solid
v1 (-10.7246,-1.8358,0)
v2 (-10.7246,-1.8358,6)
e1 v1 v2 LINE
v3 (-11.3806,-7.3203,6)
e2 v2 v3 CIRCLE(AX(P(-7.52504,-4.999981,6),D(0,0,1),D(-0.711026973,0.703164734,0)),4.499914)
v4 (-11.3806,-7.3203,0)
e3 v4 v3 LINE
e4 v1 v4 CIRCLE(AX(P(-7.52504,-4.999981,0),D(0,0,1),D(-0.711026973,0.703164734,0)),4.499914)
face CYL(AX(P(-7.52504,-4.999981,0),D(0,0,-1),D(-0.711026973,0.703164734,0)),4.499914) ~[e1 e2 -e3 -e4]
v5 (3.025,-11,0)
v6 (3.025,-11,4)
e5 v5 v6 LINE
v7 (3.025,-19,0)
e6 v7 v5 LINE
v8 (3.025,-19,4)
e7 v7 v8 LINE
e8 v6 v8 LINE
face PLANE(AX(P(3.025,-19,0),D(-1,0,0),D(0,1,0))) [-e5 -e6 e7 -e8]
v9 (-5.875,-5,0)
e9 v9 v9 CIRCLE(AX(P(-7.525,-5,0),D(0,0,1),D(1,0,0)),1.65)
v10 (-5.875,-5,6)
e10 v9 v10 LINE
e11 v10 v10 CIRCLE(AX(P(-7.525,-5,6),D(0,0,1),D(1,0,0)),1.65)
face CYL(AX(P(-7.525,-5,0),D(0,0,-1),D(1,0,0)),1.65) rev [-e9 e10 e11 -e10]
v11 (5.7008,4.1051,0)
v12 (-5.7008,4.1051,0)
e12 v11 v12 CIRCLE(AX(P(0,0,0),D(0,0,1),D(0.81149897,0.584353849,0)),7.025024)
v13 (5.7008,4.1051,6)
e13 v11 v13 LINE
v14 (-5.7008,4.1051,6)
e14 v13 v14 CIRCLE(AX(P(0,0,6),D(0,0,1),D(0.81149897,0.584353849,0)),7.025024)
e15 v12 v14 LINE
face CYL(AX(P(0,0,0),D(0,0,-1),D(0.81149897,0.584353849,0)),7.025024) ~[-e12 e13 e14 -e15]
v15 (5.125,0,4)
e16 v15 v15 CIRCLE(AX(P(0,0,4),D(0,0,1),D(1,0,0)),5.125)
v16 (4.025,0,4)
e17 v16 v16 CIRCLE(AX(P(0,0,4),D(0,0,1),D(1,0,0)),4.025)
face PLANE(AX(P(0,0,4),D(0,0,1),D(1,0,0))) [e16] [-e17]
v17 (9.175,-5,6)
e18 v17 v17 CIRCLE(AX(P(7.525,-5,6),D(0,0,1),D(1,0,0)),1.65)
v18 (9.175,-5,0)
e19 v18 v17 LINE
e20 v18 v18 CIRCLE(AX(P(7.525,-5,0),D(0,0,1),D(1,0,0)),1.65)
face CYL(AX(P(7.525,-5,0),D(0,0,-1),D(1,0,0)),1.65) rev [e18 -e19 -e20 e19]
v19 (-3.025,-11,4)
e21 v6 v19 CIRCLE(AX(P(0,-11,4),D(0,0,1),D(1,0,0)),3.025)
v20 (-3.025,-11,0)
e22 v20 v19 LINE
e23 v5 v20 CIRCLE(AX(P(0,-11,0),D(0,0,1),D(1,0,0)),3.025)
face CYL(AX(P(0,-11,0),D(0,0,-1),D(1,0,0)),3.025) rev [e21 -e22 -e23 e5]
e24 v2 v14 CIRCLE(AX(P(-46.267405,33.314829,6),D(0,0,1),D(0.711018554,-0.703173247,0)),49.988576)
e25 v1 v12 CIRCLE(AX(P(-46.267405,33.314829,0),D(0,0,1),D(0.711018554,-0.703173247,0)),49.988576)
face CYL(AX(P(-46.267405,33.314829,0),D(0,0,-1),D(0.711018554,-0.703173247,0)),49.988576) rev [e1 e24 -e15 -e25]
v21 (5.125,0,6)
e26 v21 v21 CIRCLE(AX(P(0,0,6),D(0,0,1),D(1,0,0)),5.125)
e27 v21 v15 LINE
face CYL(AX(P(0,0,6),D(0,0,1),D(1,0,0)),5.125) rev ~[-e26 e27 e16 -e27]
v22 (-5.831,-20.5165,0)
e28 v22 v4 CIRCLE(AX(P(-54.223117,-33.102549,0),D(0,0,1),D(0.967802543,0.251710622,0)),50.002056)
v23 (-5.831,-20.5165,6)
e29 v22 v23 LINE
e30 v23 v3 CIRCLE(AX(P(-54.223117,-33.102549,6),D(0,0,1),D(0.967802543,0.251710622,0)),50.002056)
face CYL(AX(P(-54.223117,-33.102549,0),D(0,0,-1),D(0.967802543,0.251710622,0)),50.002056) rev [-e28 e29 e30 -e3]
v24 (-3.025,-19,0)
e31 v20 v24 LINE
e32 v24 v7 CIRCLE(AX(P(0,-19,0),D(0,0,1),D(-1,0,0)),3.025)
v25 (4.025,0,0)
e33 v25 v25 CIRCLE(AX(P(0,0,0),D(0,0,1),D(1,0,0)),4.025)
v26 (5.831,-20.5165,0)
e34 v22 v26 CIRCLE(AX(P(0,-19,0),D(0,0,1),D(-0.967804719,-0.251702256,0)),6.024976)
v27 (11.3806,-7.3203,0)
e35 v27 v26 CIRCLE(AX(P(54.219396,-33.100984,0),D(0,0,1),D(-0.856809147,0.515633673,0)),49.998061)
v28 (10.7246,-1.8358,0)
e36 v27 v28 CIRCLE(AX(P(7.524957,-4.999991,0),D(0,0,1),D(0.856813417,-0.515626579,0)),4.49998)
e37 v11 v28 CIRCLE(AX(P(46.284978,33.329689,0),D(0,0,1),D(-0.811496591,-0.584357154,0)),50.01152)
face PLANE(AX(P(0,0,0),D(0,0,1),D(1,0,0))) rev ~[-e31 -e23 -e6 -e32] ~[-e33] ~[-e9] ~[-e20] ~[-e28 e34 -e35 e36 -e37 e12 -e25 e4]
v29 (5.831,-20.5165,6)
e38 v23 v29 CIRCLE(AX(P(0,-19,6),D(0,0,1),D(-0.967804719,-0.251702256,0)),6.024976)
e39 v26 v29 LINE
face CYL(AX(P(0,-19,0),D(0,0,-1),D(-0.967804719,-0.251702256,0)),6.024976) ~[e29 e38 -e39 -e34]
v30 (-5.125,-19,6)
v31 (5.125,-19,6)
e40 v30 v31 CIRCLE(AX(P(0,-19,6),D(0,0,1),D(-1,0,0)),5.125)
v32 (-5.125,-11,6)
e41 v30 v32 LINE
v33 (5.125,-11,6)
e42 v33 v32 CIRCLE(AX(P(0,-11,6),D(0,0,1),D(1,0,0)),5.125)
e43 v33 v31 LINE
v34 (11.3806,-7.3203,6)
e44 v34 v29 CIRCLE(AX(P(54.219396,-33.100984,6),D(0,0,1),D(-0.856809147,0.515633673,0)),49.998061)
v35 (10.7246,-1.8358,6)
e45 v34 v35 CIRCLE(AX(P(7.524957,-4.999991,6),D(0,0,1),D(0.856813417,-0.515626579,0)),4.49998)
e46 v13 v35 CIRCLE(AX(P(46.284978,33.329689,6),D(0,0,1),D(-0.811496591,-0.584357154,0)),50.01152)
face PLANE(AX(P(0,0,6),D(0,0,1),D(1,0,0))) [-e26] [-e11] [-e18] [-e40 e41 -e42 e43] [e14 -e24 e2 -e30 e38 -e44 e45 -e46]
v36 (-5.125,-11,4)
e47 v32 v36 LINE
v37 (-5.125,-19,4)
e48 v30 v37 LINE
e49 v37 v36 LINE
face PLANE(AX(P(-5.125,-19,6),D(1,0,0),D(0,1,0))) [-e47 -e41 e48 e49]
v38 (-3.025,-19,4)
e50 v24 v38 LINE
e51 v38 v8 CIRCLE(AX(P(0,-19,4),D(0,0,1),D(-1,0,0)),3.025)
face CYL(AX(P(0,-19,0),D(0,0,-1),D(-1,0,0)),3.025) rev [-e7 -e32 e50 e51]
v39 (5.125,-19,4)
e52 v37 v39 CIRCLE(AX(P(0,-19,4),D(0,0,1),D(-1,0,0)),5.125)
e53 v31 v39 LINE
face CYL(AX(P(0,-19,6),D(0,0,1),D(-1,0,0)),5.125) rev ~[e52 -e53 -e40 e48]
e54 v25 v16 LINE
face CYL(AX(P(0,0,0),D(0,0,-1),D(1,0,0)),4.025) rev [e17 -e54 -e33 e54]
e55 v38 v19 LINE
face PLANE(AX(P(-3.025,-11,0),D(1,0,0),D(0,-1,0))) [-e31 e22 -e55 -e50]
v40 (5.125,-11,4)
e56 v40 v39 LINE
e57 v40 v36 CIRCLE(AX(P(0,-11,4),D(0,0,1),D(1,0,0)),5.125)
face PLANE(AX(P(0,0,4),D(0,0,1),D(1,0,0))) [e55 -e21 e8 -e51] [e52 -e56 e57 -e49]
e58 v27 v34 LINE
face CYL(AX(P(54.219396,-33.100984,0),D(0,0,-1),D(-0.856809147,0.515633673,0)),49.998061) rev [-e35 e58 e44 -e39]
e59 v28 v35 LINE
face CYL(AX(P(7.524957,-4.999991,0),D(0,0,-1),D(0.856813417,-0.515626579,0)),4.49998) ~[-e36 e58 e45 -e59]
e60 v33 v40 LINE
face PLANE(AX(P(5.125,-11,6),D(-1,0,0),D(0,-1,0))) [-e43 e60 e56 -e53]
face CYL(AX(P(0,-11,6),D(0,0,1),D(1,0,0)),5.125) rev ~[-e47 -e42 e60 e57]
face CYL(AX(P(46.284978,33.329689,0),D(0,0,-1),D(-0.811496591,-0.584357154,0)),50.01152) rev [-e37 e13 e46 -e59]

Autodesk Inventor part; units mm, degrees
ref_plane "YZ Plane" through (0, 0, 0) normal (1, 0, 0) x (0, 1, 0)
ref_plane "XZ Plane" through (0, 0, 0) normal (0, 1, 0) x (-1, 0, 0)
ref_plane "XY Plane" through (0, 0, 0) normal (0, 0, 1) x (1, 0, 0)
sketch "スケッチ1" plane through (0, 0, 0) normal (0, 0, 1) x (1, 0, 0)
  circle A0 centre (0, 0) radius 4.025
  arc A1 (5.7008, 4.1051) -> (-5.7008, 4.1051) centre (0, 0) ccw
  line L0 (0, -11) -> (0, -19) construction
  line L1 (-3.025, -11) -> (-3.025, -19)
  line L2 (3.025, -19) -> (3.025, -11)
  arc A2 (3.025, -11) -> (-3.025, -11) centre (0, -11) ccw
  arc A3 (-3.025, -19) -> (3.025, -19) centre (0, -19) ccw
  arc A4 (-5.831, -20.5165) -> (5.831, -20.5165) centre (0, -19) ccw
  circle A5 centre (-7.525, -5) radius 1.65
  circle A6 centre (7.525, -5) radius 1.65
  line L3 (-7.525, -5) -> (7.525, -5) construction
  arc A7 (-10.7246, -1.8358) -> (-11.3806, -7.3203) centre (-7.525, -5) ccw
  arc A8 (-10.7246, -1.8358) -> (-5.7008, 4.1051) centre (-46.2759, 33.3226) ccw
  arc A9 (5.7008, 4.1051) -> (10.7246, -1.8358) centre (46.2759, 33.3226) ccw
  arc A10 (-5.831, -20.5165) -> (-11.3806, -7.3203) centre (-54.2212, -33.1019) ccw
  arc A11 (11.3806, -7.3203) -> (5.831, -20.5165) centre (54.2212, -33.1019) ccw
  arc A12 (11.3806, -7.3203) -> (10.7246, -1.8358) centre (7.525, -5) ccw
  point P0 (0, -15)
  dimension "d0" = 8.05
  dimension "d1" = 3
  dimension "d2" = 8
  dimension "d3" = 6.05
  dimension "d4" = 19
  dimension "d6" = 3.3
  dimension "d7" = 3.3
  dimension "d8" = 9
  dimension "d10" = 100
  dimension "d11" = 100
  dimension "d12" = 50
  dimension "d13" = 50
  dimension "d14" = 4.5
  dimension "d15" = 3
  dimension "d22" = 5
extrude "押し出し1" add sketch "スケッチ1" along normal blind 6
sketch "スケッチ2" plane through (0, 0, 6) normal (0, 0, 1) x (1, 0, 0)
  arc A0 (3.025, -11) -> (-3.025, -11) centre (0, -11) ccw projected
  line L0 (3.025, -11) -> (3.025, -19) projected
  arc A1 (-3.025, -19) -> (3.025, -19) centre (0, -19) ccw projected
  line L1 (-3.025, -19) -> (-3.025, -11) projected
  circle A2 centre (0, 0) radius 4.025 projected
  circle A3 centre (7.525, -5) radius 1.65 projected
  circle A4 centre (-7.525, -5) radius 1.65 projected
  arc A5 (-5.831, -20.5165) -> (5.831, -20.5165) centre (0, -19) ccw projected
  arc A6 (11.3806, -7.3203) -> (5.831, -20.5165) centre (54.2212, -33.1019) ccw projected
  arc A7 (11.3806, -7.3203) -> (10.7246, -1.8358) centre (7.525, -5) ccw projected
  arc A8 (5.7008, 4.1051) -> (10.7246, -1.8358) centre (46.2759, 33.3226) ccw projected
  arc A9 (5.7008, 4.1051) -> (-5.7008, 4.1051) centre (0, 0) ccw projected
  arc A10 (-10.7246, -1.8358) -> (-5.7008, 4.1051) centre (-46.2759, 33.3226) ccw projected
  arc A11 (-10.7246, -1.8358) -> (-11.3806, -7.3203) centre (-7.525, -5) ccw projected
  arc A12 (-5.831, -20.5165) -> (-11.3806, -7.3203) centre (-54.2212, -33.1019) ccw projected
  circle A13 centre (0, 0) radius 5.125
  arc A14 (5.125, -11) -> (-5.125, -11) centre (0, -11) ccw
  line L2 (5.125, -11) -> (5.125, -19)
  arc A15 (-5.125, -19) -> (5.125, -19) centre (0, -19) ccw
  line L3 (-5.125, -19) -> (-5.125, -11)
  dimension "d18" = 1.1
  dimension "d23" = 5.125
extrude "押し出し2" cut sketch "スケッチ2" against normal blind 2 contours A13 | L2 A15 L3 A14
properties part number "横回転スライダー" material "アルミニウム 7075"
